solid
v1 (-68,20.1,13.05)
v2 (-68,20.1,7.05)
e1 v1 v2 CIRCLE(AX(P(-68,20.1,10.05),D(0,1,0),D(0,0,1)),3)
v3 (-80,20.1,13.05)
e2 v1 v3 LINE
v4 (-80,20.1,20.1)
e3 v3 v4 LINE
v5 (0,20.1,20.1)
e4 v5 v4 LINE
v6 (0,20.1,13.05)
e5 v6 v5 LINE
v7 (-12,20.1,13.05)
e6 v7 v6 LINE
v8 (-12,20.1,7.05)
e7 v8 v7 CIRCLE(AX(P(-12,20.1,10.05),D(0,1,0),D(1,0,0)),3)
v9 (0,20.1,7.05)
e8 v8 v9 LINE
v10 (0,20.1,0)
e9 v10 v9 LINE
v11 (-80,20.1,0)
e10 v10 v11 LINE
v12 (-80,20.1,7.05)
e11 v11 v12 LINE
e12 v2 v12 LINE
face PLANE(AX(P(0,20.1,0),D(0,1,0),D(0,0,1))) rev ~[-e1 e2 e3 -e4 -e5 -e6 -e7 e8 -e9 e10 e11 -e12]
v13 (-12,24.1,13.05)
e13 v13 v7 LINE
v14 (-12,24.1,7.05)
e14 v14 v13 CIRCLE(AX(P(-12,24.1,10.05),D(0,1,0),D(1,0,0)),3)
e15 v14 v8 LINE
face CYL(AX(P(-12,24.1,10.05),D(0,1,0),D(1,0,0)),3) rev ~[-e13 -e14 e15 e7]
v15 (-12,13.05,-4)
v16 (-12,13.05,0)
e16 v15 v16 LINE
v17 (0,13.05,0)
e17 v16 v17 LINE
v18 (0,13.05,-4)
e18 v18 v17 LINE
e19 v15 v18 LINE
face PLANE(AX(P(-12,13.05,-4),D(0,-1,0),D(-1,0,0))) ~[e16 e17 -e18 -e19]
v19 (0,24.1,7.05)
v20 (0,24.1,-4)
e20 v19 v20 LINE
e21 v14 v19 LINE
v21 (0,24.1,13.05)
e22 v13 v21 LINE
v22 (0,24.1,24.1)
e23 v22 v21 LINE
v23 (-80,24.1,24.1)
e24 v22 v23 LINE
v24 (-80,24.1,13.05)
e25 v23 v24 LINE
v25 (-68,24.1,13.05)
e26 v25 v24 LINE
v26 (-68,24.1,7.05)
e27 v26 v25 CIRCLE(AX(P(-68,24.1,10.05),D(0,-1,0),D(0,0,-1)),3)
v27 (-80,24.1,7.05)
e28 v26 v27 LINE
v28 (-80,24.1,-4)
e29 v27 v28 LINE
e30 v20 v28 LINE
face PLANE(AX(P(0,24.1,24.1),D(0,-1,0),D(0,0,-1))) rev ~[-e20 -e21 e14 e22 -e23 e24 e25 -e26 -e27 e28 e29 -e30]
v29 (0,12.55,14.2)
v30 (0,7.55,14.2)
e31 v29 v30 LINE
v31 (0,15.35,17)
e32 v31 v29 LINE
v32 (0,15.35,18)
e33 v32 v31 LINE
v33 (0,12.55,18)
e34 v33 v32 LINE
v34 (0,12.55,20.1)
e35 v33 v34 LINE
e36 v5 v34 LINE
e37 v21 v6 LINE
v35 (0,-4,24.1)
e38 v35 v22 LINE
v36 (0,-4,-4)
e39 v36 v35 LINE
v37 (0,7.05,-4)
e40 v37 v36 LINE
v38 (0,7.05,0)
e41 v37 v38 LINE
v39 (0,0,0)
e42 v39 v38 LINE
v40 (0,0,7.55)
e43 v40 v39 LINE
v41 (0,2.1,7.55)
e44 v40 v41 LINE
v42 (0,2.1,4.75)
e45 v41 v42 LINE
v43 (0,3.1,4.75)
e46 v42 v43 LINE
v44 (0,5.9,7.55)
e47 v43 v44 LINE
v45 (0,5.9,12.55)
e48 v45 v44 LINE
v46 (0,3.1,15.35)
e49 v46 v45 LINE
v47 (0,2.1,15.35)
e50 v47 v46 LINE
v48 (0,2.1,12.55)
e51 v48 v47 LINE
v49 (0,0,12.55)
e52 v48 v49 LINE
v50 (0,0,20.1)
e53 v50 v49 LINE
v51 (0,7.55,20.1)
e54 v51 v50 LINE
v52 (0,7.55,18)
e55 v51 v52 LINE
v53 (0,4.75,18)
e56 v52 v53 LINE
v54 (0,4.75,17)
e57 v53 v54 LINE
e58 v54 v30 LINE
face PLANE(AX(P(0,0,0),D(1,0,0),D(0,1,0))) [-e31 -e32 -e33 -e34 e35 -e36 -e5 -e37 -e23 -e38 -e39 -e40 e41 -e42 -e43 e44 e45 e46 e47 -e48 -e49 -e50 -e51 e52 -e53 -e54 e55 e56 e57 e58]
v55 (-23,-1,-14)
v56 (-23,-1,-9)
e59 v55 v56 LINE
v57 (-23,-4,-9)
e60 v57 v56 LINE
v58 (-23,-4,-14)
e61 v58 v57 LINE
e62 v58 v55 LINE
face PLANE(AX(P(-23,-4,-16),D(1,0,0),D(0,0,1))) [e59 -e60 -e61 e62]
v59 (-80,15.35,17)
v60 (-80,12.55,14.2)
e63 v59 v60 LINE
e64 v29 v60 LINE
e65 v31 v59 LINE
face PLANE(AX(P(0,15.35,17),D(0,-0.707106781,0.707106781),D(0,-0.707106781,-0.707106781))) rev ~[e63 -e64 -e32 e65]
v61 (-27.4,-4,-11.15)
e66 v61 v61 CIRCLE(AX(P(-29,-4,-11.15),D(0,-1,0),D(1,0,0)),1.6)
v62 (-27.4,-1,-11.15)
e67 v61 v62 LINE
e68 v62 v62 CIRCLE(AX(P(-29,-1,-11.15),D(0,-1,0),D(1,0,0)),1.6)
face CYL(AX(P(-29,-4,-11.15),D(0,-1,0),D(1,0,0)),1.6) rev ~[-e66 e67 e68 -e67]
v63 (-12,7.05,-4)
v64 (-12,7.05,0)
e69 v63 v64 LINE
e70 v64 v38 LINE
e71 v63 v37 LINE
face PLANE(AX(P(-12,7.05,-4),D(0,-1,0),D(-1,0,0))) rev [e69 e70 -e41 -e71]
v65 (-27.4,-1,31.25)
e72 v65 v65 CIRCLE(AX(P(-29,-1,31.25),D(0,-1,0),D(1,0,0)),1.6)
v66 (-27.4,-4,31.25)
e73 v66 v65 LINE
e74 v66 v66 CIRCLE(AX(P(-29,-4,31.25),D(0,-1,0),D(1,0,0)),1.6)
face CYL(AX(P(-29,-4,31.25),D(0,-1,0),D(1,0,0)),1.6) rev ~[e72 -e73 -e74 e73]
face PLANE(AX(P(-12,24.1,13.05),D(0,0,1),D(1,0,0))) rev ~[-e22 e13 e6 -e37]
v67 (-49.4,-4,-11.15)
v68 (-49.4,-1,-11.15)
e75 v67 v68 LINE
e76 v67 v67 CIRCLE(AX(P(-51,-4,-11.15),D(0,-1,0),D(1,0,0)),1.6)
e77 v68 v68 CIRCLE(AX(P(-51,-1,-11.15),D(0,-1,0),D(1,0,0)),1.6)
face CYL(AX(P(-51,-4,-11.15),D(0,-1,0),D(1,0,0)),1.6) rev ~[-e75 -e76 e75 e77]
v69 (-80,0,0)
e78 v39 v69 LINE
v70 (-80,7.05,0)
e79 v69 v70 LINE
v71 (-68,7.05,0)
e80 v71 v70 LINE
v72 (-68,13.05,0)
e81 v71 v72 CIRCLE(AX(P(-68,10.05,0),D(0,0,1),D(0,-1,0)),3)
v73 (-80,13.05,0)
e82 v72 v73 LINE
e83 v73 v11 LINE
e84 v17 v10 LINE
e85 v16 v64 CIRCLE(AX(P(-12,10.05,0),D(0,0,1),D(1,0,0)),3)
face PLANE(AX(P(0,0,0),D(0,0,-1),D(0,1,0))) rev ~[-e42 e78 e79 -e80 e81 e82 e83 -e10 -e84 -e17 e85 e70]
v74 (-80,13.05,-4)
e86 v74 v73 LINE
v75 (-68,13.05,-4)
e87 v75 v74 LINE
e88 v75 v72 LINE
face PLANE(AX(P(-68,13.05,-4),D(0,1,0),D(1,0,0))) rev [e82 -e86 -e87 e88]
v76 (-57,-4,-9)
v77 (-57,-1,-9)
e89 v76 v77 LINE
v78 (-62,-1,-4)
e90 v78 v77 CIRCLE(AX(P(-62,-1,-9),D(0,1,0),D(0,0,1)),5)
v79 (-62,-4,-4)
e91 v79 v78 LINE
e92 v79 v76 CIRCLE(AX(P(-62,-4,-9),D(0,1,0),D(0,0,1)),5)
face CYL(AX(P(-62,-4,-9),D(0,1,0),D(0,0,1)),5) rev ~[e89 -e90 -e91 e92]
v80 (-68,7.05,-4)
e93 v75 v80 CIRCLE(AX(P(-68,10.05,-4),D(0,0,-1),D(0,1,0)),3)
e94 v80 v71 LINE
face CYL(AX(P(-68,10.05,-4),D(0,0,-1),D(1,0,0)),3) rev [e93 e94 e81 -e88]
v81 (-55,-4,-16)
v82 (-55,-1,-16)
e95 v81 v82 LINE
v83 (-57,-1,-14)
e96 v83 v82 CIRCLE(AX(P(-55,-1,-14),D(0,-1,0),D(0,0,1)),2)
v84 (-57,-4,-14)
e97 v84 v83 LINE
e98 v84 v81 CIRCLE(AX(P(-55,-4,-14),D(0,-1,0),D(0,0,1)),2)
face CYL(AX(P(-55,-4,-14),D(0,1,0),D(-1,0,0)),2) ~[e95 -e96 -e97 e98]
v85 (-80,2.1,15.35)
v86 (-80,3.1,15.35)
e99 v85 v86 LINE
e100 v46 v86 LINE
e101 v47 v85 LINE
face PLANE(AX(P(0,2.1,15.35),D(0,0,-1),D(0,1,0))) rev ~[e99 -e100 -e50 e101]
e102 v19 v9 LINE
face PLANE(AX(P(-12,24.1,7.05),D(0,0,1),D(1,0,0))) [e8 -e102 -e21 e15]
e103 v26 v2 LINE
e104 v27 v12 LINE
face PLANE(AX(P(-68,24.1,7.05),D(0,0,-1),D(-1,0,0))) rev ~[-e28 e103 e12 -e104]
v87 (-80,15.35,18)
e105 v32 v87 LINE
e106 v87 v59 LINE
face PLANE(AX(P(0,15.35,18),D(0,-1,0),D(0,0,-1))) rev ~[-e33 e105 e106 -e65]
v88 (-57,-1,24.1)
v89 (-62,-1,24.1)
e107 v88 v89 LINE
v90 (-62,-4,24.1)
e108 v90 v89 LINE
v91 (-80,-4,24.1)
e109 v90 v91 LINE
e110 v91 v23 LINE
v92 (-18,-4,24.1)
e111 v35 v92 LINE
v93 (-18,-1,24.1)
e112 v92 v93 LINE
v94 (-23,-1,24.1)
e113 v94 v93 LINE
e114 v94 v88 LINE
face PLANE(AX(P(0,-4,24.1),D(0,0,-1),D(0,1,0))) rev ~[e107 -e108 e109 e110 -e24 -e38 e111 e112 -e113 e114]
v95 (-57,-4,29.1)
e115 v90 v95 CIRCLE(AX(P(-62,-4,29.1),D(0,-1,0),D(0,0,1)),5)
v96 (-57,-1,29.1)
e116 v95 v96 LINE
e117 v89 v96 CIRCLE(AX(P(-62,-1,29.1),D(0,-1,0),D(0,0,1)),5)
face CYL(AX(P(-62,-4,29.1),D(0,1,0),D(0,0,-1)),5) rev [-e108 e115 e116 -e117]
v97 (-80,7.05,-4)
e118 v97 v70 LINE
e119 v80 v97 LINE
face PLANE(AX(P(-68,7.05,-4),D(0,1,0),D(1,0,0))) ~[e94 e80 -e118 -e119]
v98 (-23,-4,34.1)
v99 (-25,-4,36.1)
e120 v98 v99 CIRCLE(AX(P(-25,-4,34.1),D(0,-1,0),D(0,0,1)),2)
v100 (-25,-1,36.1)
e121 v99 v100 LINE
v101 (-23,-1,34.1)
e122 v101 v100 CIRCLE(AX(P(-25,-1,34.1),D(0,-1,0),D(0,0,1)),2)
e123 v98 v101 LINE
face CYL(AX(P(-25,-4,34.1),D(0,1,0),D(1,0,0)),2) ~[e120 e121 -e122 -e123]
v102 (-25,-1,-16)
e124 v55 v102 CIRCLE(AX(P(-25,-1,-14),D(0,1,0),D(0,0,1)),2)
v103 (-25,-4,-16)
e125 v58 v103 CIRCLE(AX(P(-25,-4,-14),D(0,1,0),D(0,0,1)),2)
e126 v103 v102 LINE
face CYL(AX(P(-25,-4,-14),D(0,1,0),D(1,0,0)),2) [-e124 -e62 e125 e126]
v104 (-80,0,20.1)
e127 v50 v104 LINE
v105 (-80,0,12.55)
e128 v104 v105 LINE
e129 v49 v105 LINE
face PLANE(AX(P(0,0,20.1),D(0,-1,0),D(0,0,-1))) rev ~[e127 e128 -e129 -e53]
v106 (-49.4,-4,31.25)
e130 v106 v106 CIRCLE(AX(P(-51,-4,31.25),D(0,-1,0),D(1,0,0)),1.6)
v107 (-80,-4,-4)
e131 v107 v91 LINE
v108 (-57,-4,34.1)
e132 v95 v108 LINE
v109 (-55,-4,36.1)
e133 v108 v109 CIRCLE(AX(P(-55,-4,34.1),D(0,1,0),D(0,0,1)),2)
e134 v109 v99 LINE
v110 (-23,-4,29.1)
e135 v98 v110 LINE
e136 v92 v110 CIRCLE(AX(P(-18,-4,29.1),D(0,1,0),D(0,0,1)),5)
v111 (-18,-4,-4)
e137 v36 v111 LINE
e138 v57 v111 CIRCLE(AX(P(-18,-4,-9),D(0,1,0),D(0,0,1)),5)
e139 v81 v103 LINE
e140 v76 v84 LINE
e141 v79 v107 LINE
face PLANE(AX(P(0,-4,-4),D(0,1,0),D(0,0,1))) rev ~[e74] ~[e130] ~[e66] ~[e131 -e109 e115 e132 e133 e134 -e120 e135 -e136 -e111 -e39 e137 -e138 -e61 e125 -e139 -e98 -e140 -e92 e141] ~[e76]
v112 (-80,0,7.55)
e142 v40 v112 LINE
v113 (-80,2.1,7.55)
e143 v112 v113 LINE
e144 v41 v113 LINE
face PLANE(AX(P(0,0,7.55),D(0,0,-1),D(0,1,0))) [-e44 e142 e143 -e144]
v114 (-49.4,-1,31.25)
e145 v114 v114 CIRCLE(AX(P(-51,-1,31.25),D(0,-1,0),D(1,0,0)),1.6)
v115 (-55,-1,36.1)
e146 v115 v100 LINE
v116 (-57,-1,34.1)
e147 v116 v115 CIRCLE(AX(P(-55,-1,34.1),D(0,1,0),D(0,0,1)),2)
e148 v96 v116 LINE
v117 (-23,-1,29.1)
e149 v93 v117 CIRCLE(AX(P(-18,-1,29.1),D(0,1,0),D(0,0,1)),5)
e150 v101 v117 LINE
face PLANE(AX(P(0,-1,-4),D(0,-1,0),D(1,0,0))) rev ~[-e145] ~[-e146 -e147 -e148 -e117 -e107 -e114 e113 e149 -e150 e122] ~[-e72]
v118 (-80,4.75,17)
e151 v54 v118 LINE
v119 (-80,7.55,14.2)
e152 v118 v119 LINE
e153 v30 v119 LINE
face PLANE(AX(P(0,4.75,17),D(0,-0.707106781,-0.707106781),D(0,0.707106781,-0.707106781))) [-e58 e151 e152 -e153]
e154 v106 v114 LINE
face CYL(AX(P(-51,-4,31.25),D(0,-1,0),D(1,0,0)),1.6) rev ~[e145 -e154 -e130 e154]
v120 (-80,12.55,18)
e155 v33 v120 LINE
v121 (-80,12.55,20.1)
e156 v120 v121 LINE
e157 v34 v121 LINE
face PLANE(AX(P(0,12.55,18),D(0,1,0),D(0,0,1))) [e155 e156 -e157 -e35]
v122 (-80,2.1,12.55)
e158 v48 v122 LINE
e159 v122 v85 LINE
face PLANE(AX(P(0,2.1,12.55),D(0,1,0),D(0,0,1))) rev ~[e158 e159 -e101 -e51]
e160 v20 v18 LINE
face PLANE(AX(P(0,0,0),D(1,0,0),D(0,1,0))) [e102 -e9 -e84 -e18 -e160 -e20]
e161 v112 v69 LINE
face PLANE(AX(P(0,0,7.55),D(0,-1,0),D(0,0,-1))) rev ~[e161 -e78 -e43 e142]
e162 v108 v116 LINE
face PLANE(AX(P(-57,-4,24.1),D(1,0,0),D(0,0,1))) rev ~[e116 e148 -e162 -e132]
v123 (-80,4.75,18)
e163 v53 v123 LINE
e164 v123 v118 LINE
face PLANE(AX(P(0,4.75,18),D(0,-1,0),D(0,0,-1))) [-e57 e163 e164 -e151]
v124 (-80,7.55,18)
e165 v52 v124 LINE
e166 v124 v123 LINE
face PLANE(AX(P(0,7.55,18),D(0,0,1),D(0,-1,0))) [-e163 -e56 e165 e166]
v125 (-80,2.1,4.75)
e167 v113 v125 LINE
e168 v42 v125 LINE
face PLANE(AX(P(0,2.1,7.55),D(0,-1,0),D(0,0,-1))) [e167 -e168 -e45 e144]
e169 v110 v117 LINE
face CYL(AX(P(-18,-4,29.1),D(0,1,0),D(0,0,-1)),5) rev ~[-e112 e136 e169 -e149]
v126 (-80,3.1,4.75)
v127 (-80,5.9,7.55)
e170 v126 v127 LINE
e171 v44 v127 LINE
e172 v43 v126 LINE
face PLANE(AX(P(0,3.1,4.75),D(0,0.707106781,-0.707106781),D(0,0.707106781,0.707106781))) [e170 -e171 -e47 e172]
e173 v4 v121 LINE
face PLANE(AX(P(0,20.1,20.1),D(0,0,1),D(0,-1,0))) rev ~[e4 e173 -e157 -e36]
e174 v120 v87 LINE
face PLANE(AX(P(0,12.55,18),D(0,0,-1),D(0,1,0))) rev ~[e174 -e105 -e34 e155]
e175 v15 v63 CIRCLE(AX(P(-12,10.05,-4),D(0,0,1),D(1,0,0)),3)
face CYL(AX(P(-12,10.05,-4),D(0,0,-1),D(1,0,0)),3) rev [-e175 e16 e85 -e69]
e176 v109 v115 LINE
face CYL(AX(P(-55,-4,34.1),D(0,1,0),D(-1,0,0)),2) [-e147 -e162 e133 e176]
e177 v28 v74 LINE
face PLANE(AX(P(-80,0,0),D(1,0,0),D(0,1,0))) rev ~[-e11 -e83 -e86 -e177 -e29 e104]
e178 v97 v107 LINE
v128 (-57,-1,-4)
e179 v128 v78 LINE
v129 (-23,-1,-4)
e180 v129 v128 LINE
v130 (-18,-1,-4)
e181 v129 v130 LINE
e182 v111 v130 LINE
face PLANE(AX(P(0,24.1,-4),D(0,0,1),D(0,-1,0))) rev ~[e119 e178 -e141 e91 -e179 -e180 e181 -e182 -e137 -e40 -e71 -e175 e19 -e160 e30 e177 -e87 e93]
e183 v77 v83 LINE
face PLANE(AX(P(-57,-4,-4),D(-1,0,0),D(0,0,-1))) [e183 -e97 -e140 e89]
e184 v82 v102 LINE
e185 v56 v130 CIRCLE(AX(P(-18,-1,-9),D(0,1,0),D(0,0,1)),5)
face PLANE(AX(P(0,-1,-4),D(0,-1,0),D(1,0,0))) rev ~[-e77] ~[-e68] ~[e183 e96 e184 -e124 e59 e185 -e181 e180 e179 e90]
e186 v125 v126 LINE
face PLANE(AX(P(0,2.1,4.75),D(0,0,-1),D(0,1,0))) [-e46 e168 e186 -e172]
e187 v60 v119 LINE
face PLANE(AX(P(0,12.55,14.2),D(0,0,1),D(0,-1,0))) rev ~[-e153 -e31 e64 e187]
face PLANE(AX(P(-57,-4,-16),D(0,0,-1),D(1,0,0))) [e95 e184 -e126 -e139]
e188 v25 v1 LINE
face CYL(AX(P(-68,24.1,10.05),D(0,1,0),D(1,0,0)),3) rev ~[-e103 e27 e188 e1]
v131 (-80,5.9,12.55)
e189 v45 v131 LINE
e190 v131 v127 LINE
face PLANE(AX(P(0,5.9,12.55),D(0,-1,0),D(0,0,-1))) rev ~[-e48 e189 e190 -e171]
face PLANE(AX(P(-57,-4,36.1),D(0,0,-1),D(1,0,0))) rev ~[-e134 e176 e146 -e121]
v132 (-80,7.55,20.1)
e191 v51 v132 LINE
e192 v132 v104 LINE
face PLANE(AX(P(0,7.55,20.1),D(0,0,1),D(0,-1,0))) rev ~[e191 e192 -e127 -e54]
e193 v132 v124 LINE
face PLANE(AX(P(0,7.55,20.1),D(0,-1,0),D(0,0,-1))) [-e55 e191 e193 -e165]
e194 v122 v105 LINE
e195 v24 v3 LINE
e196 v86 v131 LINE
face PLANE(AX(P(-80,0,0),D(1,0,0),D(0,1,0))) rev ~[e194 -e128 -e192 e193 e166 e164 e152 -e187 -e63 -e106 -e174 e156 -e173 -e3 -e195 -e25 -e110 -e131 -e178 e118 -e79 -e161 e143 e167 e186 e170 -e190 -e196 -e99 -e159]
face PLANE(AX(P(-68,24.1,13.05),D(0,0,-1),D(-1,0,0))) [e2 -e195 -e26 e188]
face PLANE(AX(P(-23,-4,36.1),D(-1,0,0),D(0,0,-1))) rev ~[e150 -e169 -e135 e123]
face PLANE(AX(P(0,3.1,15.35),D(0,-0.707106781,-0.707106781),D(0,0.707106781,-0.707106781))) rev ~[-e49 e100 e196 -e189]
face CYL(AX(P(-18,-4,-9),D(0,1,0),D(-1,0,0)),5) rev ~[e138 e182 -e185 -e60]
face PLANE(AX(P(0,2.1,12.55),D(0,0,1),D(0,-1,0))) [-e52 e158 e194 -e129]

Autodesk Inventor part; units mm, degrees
ref_plane "YZ Plane" through (0, 0, 0) normal (1, 0, 0) x (0, 1, 0)
ref_plane "XZ Plane" through (0, 0, 0) normal (0, 1, 0) x (-1, 0, 0)
ref_plane "XY Plane" through (0, 0, 0) normal (0, 0, 1) x (1, 0, 0)
sketch "Sketch1" plane through (0, 0, 0) normal (1, 0, 0) x (0, 1, 0)
  line L0 (0, 0) -> (20.1, 0)
  line L1 (20.1, 0) -> (20.1, 20.1)
  line L2 (20.1, 20.1) -> (0, 20.1)
  line L3 (0, 20.1) -> (0, 0)
  line L4 (-4, 24.1) -> (24.1, 24.1)
  line L5 (24.1, 24.1) -> (24.1, -4)
  line L6 (24.1, -4) -> (-4, -4)
  line L7 (-4, -4) -> (-4, 24.1)
  line L8 (12.55, 22.2) -> (7.55, 22.2)
  line L9 (7.55, 22.2) -> (7.55, 18)
  line L10 (7.55, 18) -> (12.55, 18)
  line L11 (12.55, 18) -> (12.55, 22.2)
  line L12 (12.55, 22.2) -> (7.55, 18) construction
  line L13 (7.55, 22.2) -> (12.55, 18) construction
  line L14 (12.55, 18) -> (15.35, 18)
  line L15 (15.35, 18) -> (15.35, 17)
  line L16 (15.35, 17) -> (12.55, 14.2)
  line L17 (12.55, 14.2) -> (7.55, 14.2)
  line L18 (7.55, 18) -> (4.75, 18)
  line L19 (4.75, 18) -> (4.75, 17)
  line L20 (4.75, 17) -> (7.55, 14.2)
  line L21 (2.1, 15.35) -> (3.1, 15.35)
  line L22 (3.1, 4.75) -> (5.9, 7.55)
  line L23 (2.1, 4.75) -> (3.1, 4.75)
  line L24 (-2.1, 12.55) -> (-2.1, 7.55)
  line L25 (2.1, 12.55) -> (-2.1, 12.55)
  line L26 (-2.1, 12.55) -> (2.1, 7.55) construction
  line L27 (-2.1, 7.55) -> (2.1, 12.55) construction
  line L28 (2.1, 7.55) -> (2.1, 4.75)
  line L29 (-2.1, 7.55) -> (2.1, 7.55)
  line L30 (2.1, 7.55) -> (2.1, 12.55)
  line L31 (5.9, 12.55) -> (5.9, 7.55)
  line L32 (2.1, 12.55) -> (2.1, 15.35)
  line L33 (3.1, 15.35) -> (5.9, 12.55)
  point P0 (10.05, 20.1)
  point P1 (0, 10.05)
  point P2 (10.05, 20.1)
  point P3 (0, 10.05)
  point P4 (0, 7.55)
  point P5 (0, 12.55)
  point P6 (7.55, 20.1)
  point P7 (12.55, 20.1)
  dimension "d0" = 20.1
  dimension "d1" = 20.1
  dimension "d2" = 4
  dimension "d3" = 5
  dimension "d4" = 4.2
  dimension "d5" = 2.8
  dimension "d6" = 1
  dimension "d7" = 3.8
  dimension "d8" = 2.8
  dimension "d9" = 5
  dimension "d10" = 1
  dimension "d11" = 135
  dimension "d12" = 5
  dimension "d13" = 4.2
  dimension "d14" = 2.8
  dimension "d15" = 1
  dimension "d16" = 3.8
  dimension "d17" = 2.8
  dimension "d18" = 5
  dimension "d19" = 1
  dimension "d20" = 135
  dimension "d21" = 7.55
  dimension "d22" = 2.1
  dimension "d23" = 90
  dimension "d24" = 7.55
  dimension "d25" = 2.1
  dimension "d26" = 90
extrude "Extrusion1" add sketch "Sketch1" against normal blind 80 contours L29 L24 L25 L3 | L3 L25 L30 L29 | L30 L32 L21 L33 L31 L22 L23 L28 | L11 L10 L9 L2 | L2 L9 L8 L11 | L14 L15 L16 L17 L20 L19 L18 L10 | L4 L5 L6 L7
sketch "Sketch2" plane through (0, -4, -4) normal (0, -1, 0) x (1, 0, 0)
  line L0 (0, 28.1) -> (0, 0) projected
  line L1 (0, 28.1) -> (-80, 28.1) projected
  line L2 (-80, 0) -> (-80, 28.1) projected
  line L3 (0, 0) -> (-80, 0) projected
  line L4 (-80, 0) -> (0, 28.1) construction
  line L5 (-80, 28.1) -> (0, 0) construction
  line L6 (-51, 35.25) -> (-51, -7.15) construction
  line L7 (-51, -7.15) -> (-29, -7.15) construction
  line L8 (-29, -7.15) -> (-29, 35.25) construction
  line L9 (-29, 35.25) -> (-51, 35.25) construction
  line L10 (-51, 35.25) -> (-29, -7.15) construction
  line L11 (-51, -7.15) -> (-29, 35.25) construction
  circle A0 centre (-29, 35.25) radius 1.6
  circle A1 centre (-29, -7.15) radius 1.6
  circle A2 centre (-51, 35.25) radius 1.6
  circle A3 centre (-51, -7.15) radius 1.6
  line L12 (-23, 28.1) -> (-57, 28.1)
  line L13 (-57, 28.1) -> (-57, 40.1)
  line L14 (-57, 40.1) -> (-23, 40.1)
  line L15 (-23, 40.1) -> (-23, 28.1)
  line L16 (-23, 0) -> (-57, 0)
  line L17 (-57, 0) -> (-57, -12)
  line L18 (-57, -12) -> (-23, -12)
  line L19 (-23, -12) -> (-23, 0)
  point P0 (0, 4)
  point P1 (-40, 14.05)
  dimension "d29" = 42.4
  dimension "d31" = 22
  dimension "d32" = 3.2
  dimension "d35" = 42.4
  dimension "d38" = 22
  dimension "d41" = 34
  dimension "d42" = 12
  dimension "d43" = 6
  dimension "d44" = 12
  dimension "d45" = 6
  dimension "d46" = 34
extrude "Extrusion2" add sketch "Sketch2" against normal blind 3 contours L1 L13 L14 L15 | L19 L18 L17 L3
sketch "Sketch3" plane through (0, 24.1, 24.1) normal (0, 1, 0) x (1, 0, 0)
  line L0 (0, 28.1) -> (0, 0) projected
  line L1 (0, 28.1) -> (-80, 28.1) projected
  line L2 (-80, 0) -> (-80, 28.1) projected
  line L3 (0, 0) -> (-80, 0) projected
  line L4 (0, 16.55) -> (0, 11.55) construction
  line L5 (0, 14.05) -> (-80, 14.05) construction
  line L6 (-80, 28.1) -> (-80, 0) construction
  circle A0 centre (-12, 14.05) radius 3
  circle A1 centre (-68, 14.05) radius 3
  line L7 (-68, 17.05) -> (-80, 17.05)
  line L8 (-68, 11.05) -> (-80, 11.05)
  line L9 (-12, 17.05) -> (0, 17.05)
  line L10 (0, 19.35) -> (0, 16.55) projected
  line L11 (-12, 11.05) -> (0, 11.05)
  line L12 (0, 8.75) -> (0, 11.55) projected
  point P0 (0, 24.1)
  point P1 (0, 11.05)
  point P2 (-80, 11.05)
  dimension "d49" = 6
  dimension "d50" = 6
  dimension "d51" = 12
  dimension "d52" = 12
  dimension "d53" = 6
  dimension "d54" = 6
extrude "Extrusion3" cut sketch "Sketch3" against normal up to surface (4 mm away) contours L0 L11 A0 L9 | L7 A1 L8 L2 | A0 | A1
ref_plane "Work Plane1" through (0, 24.1, -4) normal (0, -0.7071, -0.7071) x (-1, 0, 0)
mirror "Mirror1" about plane through (0, 24.1, -4) normal (0, -0.7071, -0.7071) of "Extrusion3"
fillet "Fillet1" radius 2 4 edges at (-23, -2.5, -16) (-57, -2.5, -16) (-57, -2.5, 36.1) (-23, -2.5, 36.1)
fillet "Fillet2" radius 5 4 edges at (-23, -2.5, -4) (-57, -2.5, -4) (-57, -2.5, 24.1) (-23, -2.5, 24.1)
equation "\"d8\" = d5"
equation "\"d9\" = d3"
equation "\"d10\" = d6"
equation "\"d17\" = d14"
equation "\"d18\" = d12"
equation "\"d19\" = d15"
properties part number "cameraSlider"
